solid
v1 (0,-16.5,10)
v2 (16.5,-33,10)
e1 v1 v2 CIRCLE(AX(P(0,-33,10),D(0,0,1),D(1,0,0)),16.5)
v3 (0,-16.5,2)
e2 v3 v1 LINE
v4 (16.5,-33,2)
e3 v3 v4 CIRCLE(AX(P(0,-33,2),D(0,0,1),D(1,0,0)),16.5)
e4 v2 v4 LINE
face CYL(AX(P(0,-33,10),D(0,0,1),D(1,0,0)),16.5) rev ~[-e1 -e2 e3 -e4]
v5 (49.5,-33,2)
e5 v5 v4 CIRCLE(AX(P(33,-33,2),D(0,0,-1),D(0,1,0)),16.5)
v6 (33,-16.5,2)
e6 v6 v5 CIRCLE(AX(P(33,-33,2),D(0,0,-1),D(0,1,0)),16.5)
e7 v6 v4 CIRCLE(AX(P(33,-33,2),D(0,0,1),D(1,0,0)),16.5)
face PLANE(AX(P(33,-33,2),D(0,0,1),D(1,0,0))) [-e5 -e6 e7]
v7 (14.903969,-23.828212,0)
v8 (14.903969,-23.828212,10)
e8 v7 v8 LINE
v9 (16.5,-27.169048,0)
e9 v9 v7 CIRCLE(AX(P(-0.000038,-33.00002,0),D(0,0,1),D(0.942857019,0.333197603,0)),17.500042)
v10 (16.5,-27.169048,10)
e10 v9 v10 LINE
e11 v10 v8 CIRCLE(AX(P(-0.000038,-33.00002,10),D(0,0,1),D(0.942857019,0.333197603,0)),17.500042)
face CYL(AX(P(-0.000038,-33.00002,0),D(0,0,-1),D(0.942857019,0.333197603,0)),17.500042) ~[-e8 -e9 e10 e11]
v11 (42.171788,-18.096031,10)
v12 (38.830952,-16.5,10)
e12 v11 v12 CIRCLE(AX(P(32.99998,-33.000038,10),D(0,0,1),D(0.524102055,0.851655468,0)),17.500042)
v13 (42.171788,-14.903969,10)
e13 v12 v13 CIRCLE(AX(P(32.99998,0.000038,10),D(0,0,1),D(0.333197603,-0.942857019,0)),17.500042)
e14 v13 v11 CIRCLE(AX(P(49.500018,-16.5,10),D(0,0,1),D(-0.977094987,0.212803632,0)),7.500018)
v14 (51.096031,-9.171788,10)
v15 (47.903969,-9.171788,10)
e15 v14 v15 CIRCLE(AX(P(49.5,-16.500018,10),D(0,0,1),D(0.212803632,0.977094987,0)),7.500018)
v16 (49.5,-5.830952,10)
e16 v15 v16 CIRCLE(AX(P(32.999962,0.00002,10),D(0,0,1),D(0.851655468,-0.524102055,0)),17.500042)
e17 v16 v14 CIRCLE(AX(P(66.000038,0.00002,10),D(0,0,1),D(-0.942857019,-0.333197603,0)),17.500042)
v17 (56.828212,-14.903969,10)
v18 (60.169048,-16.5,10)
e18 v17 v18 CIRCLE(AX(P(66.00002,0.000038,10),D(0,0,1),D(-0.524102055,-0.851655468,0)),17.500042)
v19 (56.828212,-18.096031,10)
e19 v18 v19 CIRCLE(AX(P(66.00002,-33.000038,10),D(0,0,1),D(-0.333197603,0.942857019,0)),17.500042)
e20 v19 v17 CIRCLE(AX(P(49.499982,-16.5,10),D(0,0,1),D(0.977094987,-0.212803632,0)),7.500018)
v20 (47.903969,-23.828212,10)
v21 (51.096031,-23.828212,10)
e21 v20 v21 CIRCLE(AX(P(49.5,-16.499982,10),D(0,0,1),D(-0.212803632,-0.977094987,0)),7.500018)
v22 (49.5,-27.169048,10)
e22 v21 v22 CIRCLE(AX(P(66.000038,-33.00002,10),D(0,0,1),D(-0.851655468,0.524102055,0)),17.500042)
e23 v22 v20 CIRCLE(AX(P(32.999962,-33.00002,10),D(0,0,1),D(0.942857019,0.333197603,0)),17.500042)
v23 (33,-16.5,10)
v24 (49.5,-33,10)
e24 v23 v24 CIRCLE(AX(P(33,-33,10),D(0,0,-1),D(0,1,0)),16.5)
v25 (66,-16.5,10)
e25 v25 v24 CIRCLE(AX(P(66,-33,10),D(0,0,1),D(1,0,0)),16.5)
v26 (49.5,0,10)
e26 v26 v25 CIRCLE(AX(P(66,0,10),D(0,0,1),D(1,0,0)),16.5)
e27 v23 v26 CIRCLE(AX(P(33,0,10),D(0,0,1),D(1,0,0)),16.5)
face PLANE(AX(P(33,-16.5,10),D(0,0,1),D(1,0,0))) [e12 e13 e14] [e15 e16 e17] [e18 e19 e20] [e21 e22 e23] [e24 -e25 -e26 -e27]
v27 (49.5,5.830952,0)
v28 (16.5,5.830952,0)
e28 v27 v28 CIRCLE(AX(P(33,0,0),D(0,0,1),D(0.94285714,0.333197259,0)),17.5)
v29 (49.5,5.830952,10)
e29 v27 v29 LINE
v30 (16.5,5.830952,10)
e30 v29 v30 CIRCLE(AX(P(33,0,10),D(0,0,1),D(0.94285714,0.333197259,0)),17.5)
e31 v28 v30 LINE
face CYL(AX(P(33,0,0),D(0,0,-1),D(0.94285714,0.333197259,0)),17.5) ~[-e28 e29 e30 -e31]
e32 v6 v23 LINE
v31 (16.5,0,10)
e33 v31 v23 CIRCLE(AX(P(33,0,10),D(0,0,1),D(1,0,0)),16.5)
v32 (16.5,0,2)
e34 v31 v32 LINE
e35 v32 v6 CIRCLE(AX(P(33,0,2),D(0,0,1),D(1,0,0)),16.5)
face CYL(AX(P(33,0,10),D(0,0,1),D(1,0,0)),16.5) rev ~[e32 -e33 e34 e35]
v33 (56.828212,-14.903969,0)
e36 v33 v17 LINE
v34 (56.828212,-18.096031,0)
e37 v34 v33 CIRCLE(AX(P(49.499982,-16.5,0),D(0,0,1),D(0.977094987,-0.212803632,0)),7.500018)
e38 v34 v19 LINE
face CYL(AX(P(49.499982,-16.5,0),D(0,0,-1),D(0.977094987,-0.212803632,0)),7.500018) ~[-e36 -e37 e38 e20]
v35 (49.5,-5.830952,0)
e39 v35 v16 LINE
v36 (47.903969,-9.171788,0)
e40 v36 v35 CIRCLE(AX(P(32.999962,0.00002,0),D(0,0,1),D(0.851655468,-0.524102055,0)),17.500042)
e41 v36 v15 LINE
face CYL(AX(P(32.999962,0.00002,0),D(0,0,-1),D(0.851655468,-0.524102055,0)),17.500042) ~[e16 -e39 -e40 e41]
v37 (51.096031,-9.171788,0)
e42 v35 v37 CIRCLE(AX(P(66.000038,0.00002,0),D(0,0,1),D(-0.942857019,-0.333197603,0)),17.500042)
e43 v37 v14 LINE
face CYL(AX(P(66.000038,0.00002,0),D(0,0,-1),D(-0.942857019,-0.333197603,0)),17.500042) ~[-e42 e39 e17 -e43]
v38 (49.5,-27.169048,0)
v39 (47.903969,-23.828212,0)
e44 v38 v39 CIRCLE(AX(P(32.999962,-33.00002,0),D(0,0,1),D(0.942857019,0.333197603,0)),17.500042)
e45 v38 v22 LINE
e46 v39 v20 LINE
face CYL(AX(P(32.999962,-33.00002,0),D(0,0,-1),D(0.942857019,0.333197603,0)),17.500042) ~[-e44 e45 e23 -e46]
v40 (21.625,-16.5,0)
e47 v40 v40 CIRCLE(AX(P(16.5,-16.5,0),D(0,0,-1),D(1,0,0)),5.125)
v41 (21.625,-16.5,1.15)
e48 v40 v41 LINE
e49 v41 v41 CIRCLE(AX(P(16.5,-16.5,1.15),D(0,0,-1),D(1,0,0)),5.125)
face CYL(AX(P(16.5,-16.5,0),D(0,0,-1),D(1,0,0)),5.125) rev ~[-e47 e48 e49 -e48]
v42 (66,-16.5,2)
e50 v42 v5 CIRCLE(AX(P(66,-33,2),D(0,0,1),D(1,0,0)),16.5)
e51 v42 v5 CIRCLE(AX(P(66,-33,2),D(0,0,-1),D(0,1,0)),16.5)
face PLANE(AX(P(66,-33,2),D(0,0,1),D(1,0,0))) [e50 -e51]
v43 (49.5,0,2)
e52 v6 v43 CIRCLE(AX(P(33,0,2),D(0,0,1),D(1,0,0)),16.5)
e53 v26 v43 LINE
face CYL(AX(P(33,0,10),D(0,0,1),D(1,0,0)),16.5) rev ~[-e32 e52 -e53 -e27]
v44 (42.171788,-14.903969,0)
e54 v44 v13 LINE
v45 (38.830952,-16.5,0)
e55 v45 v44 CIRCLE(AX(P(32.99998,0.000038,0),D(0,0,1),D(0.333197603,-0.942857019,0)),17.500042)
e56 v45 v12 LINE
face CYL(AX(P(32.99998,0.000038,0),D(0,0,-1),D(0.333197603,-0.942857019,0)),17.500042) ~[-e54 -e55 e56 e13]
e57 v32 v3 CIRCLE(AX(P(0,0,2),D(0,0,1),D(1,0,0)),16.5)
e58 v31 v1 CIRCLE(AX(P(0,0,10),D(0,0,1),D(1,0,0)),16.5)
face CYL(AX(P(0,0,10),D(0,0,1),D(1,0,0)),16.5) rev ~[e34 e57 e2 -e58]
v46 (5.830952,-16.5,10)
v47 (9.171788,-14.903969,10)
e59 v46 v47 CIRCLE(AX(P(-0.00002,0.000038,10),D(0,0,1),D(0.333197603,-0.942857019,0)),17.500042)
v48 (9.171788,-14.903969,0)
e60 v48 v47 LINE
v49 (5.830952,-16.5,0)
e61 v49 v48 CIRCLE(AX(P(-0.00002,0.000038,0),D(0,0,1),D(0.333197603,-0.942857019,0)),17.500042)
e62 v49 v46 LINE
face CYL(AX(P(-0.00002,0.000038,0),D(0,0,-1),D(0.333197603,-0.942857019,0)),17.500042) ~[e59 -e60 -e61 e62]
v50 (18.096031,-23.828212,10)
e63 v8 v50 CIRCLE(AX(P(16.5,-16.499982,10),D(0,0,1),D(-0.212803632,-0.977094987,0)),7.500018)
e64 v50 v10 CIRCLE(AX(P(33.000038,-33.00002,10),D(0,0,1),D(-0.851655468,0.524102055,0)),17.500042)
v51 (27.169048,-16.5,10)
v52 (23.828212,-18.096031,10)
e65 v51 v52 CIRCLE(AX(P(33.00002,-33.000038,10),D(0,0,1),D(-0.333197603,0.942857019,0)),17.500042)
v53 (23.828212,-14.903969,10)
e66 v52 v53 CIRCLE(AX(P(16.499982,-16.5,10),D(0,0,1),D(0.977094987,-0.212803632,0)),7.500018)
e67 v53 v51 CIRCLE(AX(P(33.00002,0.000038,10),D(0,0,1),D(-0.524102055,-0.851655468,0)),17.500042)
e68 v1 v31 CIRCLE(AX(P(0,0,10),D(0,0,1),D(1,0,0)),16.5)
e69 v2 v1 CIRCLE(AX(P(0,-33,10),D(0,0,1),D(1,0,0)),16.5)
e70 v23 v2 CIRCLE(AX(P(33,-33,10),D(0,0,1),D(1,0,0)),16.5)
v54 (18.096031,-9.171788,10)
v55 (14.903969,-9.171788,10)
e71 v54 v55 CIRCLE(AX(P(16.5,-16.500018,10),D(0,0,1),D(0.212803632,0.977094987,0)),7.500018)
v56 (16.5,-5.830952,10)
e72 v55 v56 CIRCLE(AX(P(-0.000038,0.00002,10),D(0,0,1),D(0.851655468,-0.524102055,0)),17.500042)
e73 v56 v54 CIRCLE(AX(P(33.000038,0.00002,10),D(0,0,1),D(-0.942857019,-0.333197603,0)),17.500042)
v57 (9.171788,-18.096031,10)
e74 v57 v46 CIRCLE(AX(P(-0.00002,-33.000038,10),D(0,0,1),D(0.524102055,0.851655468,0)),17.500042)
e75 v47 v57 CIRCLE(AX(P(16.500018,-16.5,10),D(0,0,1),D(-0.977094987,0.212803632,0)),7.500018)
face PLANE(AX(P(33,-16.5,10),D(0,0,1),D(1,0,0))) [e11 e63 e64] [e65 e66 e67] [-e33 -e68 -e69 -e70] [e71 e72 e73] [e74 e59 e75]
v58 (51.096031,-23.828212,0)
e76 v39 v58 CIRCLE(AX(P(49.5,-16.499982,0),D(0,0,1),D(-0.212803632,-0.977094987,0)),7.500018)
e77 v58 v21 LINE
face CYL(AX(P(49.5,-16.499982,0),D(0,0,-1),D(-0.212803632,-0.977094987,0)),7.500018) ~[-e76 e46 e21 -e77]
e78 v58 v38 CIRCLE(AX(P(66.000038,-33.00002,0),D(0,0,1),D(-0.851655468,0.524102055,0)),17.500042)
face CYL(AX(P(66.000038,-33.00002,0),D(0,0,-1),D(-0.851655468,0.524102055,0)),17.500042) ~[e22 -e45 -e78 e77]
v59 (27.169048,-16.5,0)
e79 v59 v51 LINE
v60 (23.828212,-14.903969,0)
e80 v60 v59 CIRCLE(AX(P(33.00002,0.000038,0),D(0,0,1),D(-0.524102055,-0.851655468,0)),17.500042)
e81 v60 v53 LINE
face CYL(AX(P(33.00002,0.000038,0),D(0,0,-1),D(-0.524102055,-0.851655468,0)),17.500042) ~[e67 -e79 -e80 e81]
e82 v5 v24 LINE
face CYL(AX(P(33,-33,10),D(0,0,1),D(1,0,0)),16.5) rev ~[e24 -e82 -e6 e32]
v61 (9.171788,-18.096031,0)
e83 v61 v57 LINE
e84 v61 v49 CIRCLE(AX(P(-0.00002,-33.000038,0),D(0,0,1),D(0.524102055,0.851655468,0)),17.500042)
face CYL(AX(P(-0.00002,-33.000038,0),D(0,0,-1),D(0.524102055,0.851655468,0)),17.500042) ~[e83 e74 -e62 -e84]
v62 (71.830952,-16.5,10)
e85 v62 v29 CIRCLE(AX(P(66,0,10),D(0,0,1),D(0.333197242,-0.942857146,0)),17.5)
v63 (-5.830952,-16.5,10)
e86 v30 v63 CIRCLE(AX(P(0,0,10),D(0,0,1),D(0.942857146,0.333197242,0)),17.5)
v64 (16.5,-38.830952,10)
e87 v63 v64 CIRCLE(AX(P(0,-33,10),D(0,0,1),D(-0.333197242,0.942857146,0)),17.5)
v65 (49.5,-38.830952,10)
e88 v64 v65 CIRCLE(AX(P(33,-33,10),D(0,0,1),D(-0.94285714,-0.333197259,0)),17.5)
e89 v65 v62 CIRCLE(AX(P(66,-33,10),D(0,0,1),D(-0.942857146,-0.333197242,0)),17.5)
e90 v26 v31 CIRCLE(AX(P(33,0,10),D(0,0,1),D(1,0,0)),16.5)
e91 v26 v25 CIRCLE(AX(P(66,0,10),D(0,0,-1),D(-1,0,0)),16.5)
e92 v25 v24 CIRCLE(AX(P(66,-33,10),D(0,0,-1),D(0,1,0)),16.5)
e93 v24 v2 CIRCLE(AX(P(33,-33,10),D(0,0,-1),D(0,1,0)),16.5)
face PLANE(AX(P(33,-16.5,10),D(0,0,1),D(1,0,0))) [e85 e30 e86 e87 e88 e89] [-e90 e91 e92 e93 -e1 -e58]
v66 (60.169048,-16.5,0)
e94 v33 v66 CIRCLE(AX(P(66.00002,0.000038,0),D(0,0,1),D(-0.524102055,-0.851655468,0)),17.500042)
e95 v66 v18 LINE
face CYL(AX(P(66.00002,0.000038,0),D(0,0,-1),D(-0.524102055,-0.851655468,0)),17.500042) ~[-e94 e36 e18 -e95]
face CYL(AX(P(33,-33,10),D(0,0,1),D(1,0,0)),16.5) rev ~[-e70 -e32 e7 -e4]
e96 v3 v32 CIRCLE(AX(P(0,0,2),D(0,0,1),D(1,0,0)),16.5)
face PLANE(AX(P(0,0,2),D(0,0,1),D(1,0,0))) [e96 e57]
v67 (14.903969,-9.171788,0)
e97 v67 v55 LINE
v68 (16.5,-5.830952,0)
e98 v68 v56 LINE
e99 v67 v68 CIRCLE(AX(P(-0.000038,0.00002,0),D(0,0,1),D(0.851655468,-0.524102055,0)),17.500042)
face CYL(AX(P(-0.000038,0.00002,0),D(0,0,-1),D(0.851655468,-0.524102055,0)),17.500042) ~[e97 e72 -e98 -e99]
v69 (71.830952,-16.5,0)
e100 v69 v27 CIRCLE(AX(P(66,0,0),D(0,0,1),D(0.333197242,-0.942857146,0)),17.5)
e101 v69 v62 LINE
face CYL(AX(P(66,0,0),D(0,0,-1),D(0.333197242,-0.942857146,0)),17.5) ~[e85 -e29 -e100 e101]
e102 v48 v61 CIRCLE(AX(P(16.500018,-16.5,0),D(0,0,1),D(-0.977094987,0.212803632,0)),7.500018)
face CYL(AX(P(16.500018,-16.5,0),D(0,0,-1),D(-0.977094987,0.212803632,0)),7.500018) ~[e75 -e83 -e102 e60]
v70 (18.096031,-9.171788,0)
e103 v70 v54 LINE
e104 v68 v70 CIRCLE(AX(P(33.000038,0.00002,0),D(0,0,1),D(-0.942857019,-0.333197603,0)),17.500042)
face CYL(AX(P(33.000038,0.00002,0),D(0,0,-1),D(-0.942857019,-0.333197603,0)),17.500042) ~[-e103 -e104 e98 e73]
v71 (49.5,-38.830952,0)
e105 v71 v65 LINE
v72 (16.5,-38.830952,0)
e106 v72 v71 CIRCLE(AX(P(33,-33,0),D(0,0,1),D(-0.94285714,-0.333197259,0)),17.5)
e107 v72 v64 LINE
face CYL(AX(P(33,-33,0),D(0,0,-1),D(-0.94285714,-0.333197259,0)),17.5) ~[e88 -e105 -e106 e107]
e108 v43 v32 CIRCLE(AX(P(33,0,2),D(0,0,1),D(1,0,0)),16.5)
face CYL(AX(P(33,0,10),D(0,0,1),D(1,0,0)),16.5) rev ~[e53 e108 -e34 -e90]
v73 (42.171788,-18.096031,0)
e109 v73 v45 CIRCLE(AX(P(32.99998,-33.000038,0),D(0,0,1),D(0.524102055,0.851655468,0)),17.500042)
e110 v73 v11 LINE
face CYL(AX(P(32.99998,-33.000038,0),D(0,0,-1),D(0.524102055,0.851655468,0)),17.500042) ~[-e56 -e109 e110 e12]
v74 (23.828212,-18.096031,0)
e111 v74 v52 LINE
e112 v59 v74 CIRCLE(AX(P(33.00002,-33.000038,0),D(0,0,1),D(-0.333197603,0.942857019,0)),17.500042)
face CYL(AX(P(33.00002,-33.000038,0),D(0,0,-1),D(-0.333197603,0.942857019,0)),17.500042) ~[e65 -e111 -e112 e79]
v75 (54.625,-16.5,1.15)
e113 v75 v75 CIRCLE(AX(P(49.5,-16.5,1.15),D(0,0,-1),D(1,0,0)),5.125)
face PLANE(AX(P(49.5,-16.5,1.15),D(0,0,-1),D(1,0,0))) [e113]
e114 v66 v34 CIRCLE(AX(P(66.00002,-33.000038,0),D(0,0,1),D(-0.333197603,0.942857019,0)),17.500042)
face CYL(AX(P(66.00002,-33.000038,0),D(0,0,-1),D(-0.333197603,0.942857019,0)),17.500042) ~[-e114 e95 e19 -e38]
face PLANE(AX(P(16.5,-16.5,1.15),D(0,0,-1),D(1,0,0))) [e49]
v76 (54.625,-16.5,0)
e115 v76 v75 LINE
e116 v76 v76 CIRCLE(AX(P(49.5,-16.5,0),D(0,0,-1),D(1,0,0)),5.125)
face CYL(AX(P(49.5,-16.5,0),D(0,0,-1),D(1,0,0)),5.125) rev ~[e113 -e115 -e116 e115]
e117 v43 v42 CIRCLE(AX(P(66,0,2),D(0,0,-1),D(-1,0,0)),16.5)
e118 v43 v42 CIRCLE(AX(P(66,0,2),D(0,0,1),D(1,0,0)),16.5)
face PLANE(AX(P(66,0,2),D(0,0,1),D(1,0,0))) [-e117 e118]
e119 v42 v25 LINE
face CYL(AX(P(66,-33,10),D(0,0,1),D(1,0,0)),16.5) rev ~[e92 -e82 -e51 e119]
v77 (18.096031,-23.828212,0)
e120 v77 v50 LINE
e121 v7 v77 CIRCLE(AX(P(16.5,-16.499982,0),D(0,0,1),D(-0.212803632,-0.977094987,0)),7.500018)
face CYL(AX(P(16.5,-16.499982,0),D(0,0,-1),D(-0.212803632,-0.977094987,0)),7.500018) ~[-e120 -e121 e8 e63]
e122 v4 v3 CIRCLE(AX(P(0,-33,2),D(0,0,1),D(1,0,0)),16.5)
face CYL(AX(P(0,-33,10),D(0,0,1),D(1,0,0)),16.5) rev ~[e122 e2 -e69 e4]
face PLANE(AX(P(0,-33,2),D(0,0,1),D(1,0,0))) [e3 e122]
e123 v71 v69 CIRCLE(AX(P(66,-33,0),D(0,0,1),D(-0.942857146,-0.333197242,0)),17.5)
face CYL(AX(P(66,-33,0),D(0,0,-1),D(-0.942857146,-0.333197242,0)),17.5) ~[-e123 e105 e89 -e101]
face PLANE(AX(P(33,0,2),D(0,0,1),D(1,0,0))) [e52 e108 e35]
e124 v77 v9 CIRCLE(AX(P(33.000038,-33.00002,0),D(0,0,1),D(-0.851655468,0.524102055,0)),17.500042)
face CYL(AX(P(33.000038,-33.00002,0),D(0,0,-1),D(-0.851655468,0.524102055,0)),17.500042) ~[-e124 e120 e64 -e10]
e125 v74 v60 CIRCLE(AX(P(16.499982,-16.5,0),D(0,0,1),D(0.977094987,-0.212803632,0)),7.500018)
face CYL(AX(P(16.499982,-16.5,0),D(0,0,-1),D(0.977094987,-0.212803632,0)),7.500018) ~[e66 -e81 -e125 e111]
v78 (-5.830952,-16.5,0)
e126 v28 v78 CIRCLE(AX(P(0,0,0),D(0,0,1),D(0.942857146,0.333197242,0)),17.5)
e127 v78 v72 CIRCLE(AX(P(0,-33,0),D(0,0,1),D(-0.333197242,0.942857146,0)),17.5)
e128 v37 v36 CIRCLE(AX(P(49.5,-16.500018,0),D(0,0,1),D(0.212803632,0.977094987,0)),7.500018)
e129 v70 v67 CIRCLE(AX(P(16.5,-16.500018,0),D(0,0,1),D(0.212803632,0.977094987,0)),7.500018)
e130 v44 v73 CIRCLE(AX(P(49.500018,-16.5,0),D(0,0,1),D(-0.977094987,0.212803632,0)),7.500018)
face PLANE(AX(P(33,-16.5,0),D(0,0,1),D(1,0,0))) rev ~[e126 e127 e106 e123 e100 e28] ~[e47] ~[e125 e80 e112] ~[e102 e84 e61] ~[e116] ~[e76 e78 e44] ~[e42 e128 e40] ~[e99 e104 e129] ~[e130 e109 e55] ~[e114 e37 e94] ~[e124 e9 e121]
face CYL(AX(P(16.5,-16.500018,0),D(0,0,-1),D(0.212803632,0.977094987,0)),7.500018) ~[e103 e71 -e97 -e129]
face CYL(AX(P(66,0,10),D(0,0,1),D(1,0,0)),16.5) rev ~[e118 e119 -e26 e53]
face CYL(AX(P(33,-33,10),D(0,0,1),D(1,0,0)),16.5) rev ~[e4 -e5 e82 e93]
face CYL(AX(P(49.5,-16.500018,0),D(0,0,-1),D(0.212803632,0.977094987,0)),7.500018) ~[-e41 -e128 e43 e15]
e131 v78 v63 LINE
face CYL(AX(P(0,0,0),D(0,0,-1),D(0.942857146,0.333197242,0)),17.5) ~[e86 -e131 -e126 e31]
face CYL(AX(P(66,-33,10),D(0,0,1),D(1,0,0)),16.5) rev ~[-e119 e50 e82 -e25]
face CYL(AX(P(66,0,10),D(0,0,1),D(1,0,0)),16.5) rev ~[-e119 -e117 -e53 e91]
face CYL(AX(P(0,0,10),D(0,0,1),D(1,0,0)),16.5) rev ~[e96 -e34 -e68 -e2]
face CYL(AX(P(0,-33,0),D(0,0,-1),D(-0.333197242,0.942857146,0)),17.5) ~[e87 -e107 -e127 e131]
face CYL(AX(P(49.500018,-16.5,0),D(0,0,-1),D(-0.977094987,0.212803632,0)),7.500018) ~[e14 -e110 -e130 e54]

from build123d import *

# Parameters (mm, degrees)
PAD_DEPTH       = 10
SKETCH001_R     = 16.5
POCKET_DEPTH    = 8
SKETCH002_R     = 16.5
POCKET001_DEPTH = 8
SKETCH003_R     = 16.5
POCKET002_DEPTH = 8
SKETCH004_R     = 16.5
POCKET003_DEPTH = 8
SKETCH005_R     = 16.5
POCKET004_DEPTH = 8
SKETCH006_R     = 16.5
POCKET005_DEPTH = 8
SKETCH007_R     = 5.125
POCKET006_DEPTH = 1.15
SKETCH008_R     = 5.125
POCKET007_DEPTH = 1.15


with BuildPart() as part:
    # Sketch → Pad (new body)
    with BuildSketch(Plane.XY):
        with BuildLine():
            ThreePointArc((71.830952, -16.5), (78.374369, 12.374369), (49.5, 5.830952))
            ThreePointArc((49.5, 5.830952), (33, 17.5), (16.5, 5.830952))
            ThreePointArc((16.5, 5.830952), (-12.374369, 12.374369), (-5.830952, -16.5))
            ThreePointArc((-5.830952, -16.5), (-12.374369, -45.374369), (16.5, -38.830952))
            ThreePointArc((16.5, -38.830952), (33, -50.5), (49.5, -38.830952))
            ThreePointArc((49.5, -38.830952), (78.374369, -45.374369), (71.830952, -16.5))
        make_face()
        with BuildLine():
            ThreePointArc((5.830952, -16.5), (7.543698, -15.790586), (9.171788, -14.903969))
            ThreePointArc((9.171788, -14.903969), (9, -16.5), (9.171788, -18.096031))
            ThreePointArc((9.171788, -18.096031), (7.543698, -17.209414), (5.830952, -16.5))
        make_face(mode=Mode.SUBTRACT)
        with BuildLine():
            ThreePointArc((47.903969, -9.171788), (48.790586, -7.543698), (49.5, -5.830952))
            ThreePointArc((49.5, -5.830952), (50.209414, -7.543698), (51.096031, -9.171788))
            ThreePointArc((51.096031, -9.171788), (49.5, -9), (47.903969, -9.171788))
        make_face(mode=Mode.SUBTRACT)
        with BuildLine():
            ThreePointArc((18.096031, -23.828212), (17.209414, -25.456302), (16.5, -27.169048))
            ThreePointArc((16.5, -27.169048), (15.790586, -25.456302), (14.903969, -23.828212))
            ThreePointArc((14.903969, -23.828212), (16.5, -24), (18.096031, -23.828212))
        make_face(mode=Mode.SUBTRACT)
        with BuildLine():
            ThreePointArc((47.903969, -23.828212), (49.5, -24), (51.096031, -23.828212))
            ThreePointArc((51.096031, -23.828212), (50.209414, -25.456302), (49.5, -27.169048))
            ThreePointArc((49.5, -27.169048), (48.790586, -25.456302), (47.903969, -23.828212))
        make_face(mode=Mode.SUBTRACT)
        with BuildLine():
            ThreePointArc((14.903969, -9.171788), (15.790586, -7.543698), (16.5, -5.830952))
            ThreePointArc((16.5, -5.830952), (17.209414, -7.543698), (18.096031, -9.171788))
            ThreePointArc((18.096031, -9.171788), (16.5, -9), (14.903969, -9.171788))
        make_face(mode=Mode.SUBTRACT)
        with BuildLine():
            ThreePointArc((23.828212, -18.096031), (24, -16.5), (23.828212, -14.903969))
            ThreePointArc((23.828212, -14.903969), (25.456302, -15.790586), (27.169048, -16.5))
            ThreePointArc((27.169048, -16.5), (25.456302, -17.209414), (23.828212, -18.096031))
        make_face(mode=Mode.SUBTRACT)
        with BuildLine():
            ThreePointArc((42.171788, -18.096031), (40.543698, -17.209414), (38.830952, -16.5))
            ThreePointArc((38.830952, -16.5), (40.543698, -15.790586), (42.171788, -14.903969))
            ThreePointArc((42.171788, -14.903969), (42, -16.5), (42.171788, -18.096031))
        make_face(mode=Mode.SUBTRACT)
        with BuildLine():
            ThreePointArc((56.828212, -18.096031), (57, -16.5), (56.828212, -14.903969))
            ThreePointArc((56.828212, -14.903969), (58.456302, -15.790586), (60.169048, -16.5))
            ThreePointArc((60.169048, -16.5), (58.456302, -17.209414), (56.828212, -18.096031))
        make_face(mode=Mode.SUBTRACT)
    extrude(amount=PAD_DEPTH)

    # Sketch001 (on Face32 of Pad) → Pocket (cut)
    with BuildSketch(Plane.XY.offset(10)):
        Circle(SKETCH001_R)
    extrude(amount=-POCKET_DEPTH, mode=Mode.SUBTRACT)

    # Sketch002 (on Face5 of Pocket) → Pocket001 (cut)
    with BuildSketch(Plane.XY.offset(10)):
        with Locations((33, 0)):
            Circle(SKETCH002_R)
    extrude(amount=-POCKET001_DEPTH, mode=Mode.SUBTRACT)

    # Sketch003 (on Face5 of Pocket001) → Pocket002 (cut)
    with BuildSketch(Plane.XY.offset(10)):
        with Locations((66, 0)):
            Circle(SKETCH003_R)
    extrude(amount=-POCKET002_DEPTH, mode=Mode.SUBTRACT)

    # Sketch004 (on Face5 of Pocket002) → Pocket003 (cut)
    with BuildSketch(Plane.XY.offset(10)):
        with Locations((0, -33)):
            Circle(SKETCH004_R)
    extrude(amount=-POCKET003_DEPTH, mode=Mode.SUBTRACT)

    # Sketch005 (on Face5 of Pocket003) → Pocket004 (cut)
    with BuildSketch(Plane.XY.offset(10)):
        with Locations((33, -33)):
            Circle(SKETCH005_R)
    extrude(amount=-POCKET004_DEPTH, mode=Mode.SUBTRACT)

    # Sketch006 (on Face5 of Pocket004) → Pocket005 (cut)
    with BuildSketch(Plane.XY.offset(10)):
        with Locations((66, -33)):
            Circle(SKETCH006_R)
    extrude(amount=-POCKET005_DEPTH, mode=Mode.SUBTRACT)

    # Sketch007 (on Face4 of Pocket005) → Pocket006 (cut)
    with BuildSketch(Plane(origin=(0, 0, 0), x_dir=(1, 0, 0), z_dir=(0, 0, -1))):
        with Locations((16.5, 16.5)):
            Circle(SKETCH007_R)
    extrude(amount=-POCKET006_DEPTH, mode=Mode.SUBTRACT)

    # Sketch008 (on Face4 of Pocket006) → Pocket007 (cut)
    with BuildSketch(Plane(origin=(0, 0, 0), x_dir=(1, 0, 0), z_dir=(0, 0, -1))):
        with Locations((49.5, 16.5)):
            Circle(SKETCH008_R)
    extrude(amount=-POCKET007_DEPTH, mode=Mode.SUBTRACT)


solid = part.part
